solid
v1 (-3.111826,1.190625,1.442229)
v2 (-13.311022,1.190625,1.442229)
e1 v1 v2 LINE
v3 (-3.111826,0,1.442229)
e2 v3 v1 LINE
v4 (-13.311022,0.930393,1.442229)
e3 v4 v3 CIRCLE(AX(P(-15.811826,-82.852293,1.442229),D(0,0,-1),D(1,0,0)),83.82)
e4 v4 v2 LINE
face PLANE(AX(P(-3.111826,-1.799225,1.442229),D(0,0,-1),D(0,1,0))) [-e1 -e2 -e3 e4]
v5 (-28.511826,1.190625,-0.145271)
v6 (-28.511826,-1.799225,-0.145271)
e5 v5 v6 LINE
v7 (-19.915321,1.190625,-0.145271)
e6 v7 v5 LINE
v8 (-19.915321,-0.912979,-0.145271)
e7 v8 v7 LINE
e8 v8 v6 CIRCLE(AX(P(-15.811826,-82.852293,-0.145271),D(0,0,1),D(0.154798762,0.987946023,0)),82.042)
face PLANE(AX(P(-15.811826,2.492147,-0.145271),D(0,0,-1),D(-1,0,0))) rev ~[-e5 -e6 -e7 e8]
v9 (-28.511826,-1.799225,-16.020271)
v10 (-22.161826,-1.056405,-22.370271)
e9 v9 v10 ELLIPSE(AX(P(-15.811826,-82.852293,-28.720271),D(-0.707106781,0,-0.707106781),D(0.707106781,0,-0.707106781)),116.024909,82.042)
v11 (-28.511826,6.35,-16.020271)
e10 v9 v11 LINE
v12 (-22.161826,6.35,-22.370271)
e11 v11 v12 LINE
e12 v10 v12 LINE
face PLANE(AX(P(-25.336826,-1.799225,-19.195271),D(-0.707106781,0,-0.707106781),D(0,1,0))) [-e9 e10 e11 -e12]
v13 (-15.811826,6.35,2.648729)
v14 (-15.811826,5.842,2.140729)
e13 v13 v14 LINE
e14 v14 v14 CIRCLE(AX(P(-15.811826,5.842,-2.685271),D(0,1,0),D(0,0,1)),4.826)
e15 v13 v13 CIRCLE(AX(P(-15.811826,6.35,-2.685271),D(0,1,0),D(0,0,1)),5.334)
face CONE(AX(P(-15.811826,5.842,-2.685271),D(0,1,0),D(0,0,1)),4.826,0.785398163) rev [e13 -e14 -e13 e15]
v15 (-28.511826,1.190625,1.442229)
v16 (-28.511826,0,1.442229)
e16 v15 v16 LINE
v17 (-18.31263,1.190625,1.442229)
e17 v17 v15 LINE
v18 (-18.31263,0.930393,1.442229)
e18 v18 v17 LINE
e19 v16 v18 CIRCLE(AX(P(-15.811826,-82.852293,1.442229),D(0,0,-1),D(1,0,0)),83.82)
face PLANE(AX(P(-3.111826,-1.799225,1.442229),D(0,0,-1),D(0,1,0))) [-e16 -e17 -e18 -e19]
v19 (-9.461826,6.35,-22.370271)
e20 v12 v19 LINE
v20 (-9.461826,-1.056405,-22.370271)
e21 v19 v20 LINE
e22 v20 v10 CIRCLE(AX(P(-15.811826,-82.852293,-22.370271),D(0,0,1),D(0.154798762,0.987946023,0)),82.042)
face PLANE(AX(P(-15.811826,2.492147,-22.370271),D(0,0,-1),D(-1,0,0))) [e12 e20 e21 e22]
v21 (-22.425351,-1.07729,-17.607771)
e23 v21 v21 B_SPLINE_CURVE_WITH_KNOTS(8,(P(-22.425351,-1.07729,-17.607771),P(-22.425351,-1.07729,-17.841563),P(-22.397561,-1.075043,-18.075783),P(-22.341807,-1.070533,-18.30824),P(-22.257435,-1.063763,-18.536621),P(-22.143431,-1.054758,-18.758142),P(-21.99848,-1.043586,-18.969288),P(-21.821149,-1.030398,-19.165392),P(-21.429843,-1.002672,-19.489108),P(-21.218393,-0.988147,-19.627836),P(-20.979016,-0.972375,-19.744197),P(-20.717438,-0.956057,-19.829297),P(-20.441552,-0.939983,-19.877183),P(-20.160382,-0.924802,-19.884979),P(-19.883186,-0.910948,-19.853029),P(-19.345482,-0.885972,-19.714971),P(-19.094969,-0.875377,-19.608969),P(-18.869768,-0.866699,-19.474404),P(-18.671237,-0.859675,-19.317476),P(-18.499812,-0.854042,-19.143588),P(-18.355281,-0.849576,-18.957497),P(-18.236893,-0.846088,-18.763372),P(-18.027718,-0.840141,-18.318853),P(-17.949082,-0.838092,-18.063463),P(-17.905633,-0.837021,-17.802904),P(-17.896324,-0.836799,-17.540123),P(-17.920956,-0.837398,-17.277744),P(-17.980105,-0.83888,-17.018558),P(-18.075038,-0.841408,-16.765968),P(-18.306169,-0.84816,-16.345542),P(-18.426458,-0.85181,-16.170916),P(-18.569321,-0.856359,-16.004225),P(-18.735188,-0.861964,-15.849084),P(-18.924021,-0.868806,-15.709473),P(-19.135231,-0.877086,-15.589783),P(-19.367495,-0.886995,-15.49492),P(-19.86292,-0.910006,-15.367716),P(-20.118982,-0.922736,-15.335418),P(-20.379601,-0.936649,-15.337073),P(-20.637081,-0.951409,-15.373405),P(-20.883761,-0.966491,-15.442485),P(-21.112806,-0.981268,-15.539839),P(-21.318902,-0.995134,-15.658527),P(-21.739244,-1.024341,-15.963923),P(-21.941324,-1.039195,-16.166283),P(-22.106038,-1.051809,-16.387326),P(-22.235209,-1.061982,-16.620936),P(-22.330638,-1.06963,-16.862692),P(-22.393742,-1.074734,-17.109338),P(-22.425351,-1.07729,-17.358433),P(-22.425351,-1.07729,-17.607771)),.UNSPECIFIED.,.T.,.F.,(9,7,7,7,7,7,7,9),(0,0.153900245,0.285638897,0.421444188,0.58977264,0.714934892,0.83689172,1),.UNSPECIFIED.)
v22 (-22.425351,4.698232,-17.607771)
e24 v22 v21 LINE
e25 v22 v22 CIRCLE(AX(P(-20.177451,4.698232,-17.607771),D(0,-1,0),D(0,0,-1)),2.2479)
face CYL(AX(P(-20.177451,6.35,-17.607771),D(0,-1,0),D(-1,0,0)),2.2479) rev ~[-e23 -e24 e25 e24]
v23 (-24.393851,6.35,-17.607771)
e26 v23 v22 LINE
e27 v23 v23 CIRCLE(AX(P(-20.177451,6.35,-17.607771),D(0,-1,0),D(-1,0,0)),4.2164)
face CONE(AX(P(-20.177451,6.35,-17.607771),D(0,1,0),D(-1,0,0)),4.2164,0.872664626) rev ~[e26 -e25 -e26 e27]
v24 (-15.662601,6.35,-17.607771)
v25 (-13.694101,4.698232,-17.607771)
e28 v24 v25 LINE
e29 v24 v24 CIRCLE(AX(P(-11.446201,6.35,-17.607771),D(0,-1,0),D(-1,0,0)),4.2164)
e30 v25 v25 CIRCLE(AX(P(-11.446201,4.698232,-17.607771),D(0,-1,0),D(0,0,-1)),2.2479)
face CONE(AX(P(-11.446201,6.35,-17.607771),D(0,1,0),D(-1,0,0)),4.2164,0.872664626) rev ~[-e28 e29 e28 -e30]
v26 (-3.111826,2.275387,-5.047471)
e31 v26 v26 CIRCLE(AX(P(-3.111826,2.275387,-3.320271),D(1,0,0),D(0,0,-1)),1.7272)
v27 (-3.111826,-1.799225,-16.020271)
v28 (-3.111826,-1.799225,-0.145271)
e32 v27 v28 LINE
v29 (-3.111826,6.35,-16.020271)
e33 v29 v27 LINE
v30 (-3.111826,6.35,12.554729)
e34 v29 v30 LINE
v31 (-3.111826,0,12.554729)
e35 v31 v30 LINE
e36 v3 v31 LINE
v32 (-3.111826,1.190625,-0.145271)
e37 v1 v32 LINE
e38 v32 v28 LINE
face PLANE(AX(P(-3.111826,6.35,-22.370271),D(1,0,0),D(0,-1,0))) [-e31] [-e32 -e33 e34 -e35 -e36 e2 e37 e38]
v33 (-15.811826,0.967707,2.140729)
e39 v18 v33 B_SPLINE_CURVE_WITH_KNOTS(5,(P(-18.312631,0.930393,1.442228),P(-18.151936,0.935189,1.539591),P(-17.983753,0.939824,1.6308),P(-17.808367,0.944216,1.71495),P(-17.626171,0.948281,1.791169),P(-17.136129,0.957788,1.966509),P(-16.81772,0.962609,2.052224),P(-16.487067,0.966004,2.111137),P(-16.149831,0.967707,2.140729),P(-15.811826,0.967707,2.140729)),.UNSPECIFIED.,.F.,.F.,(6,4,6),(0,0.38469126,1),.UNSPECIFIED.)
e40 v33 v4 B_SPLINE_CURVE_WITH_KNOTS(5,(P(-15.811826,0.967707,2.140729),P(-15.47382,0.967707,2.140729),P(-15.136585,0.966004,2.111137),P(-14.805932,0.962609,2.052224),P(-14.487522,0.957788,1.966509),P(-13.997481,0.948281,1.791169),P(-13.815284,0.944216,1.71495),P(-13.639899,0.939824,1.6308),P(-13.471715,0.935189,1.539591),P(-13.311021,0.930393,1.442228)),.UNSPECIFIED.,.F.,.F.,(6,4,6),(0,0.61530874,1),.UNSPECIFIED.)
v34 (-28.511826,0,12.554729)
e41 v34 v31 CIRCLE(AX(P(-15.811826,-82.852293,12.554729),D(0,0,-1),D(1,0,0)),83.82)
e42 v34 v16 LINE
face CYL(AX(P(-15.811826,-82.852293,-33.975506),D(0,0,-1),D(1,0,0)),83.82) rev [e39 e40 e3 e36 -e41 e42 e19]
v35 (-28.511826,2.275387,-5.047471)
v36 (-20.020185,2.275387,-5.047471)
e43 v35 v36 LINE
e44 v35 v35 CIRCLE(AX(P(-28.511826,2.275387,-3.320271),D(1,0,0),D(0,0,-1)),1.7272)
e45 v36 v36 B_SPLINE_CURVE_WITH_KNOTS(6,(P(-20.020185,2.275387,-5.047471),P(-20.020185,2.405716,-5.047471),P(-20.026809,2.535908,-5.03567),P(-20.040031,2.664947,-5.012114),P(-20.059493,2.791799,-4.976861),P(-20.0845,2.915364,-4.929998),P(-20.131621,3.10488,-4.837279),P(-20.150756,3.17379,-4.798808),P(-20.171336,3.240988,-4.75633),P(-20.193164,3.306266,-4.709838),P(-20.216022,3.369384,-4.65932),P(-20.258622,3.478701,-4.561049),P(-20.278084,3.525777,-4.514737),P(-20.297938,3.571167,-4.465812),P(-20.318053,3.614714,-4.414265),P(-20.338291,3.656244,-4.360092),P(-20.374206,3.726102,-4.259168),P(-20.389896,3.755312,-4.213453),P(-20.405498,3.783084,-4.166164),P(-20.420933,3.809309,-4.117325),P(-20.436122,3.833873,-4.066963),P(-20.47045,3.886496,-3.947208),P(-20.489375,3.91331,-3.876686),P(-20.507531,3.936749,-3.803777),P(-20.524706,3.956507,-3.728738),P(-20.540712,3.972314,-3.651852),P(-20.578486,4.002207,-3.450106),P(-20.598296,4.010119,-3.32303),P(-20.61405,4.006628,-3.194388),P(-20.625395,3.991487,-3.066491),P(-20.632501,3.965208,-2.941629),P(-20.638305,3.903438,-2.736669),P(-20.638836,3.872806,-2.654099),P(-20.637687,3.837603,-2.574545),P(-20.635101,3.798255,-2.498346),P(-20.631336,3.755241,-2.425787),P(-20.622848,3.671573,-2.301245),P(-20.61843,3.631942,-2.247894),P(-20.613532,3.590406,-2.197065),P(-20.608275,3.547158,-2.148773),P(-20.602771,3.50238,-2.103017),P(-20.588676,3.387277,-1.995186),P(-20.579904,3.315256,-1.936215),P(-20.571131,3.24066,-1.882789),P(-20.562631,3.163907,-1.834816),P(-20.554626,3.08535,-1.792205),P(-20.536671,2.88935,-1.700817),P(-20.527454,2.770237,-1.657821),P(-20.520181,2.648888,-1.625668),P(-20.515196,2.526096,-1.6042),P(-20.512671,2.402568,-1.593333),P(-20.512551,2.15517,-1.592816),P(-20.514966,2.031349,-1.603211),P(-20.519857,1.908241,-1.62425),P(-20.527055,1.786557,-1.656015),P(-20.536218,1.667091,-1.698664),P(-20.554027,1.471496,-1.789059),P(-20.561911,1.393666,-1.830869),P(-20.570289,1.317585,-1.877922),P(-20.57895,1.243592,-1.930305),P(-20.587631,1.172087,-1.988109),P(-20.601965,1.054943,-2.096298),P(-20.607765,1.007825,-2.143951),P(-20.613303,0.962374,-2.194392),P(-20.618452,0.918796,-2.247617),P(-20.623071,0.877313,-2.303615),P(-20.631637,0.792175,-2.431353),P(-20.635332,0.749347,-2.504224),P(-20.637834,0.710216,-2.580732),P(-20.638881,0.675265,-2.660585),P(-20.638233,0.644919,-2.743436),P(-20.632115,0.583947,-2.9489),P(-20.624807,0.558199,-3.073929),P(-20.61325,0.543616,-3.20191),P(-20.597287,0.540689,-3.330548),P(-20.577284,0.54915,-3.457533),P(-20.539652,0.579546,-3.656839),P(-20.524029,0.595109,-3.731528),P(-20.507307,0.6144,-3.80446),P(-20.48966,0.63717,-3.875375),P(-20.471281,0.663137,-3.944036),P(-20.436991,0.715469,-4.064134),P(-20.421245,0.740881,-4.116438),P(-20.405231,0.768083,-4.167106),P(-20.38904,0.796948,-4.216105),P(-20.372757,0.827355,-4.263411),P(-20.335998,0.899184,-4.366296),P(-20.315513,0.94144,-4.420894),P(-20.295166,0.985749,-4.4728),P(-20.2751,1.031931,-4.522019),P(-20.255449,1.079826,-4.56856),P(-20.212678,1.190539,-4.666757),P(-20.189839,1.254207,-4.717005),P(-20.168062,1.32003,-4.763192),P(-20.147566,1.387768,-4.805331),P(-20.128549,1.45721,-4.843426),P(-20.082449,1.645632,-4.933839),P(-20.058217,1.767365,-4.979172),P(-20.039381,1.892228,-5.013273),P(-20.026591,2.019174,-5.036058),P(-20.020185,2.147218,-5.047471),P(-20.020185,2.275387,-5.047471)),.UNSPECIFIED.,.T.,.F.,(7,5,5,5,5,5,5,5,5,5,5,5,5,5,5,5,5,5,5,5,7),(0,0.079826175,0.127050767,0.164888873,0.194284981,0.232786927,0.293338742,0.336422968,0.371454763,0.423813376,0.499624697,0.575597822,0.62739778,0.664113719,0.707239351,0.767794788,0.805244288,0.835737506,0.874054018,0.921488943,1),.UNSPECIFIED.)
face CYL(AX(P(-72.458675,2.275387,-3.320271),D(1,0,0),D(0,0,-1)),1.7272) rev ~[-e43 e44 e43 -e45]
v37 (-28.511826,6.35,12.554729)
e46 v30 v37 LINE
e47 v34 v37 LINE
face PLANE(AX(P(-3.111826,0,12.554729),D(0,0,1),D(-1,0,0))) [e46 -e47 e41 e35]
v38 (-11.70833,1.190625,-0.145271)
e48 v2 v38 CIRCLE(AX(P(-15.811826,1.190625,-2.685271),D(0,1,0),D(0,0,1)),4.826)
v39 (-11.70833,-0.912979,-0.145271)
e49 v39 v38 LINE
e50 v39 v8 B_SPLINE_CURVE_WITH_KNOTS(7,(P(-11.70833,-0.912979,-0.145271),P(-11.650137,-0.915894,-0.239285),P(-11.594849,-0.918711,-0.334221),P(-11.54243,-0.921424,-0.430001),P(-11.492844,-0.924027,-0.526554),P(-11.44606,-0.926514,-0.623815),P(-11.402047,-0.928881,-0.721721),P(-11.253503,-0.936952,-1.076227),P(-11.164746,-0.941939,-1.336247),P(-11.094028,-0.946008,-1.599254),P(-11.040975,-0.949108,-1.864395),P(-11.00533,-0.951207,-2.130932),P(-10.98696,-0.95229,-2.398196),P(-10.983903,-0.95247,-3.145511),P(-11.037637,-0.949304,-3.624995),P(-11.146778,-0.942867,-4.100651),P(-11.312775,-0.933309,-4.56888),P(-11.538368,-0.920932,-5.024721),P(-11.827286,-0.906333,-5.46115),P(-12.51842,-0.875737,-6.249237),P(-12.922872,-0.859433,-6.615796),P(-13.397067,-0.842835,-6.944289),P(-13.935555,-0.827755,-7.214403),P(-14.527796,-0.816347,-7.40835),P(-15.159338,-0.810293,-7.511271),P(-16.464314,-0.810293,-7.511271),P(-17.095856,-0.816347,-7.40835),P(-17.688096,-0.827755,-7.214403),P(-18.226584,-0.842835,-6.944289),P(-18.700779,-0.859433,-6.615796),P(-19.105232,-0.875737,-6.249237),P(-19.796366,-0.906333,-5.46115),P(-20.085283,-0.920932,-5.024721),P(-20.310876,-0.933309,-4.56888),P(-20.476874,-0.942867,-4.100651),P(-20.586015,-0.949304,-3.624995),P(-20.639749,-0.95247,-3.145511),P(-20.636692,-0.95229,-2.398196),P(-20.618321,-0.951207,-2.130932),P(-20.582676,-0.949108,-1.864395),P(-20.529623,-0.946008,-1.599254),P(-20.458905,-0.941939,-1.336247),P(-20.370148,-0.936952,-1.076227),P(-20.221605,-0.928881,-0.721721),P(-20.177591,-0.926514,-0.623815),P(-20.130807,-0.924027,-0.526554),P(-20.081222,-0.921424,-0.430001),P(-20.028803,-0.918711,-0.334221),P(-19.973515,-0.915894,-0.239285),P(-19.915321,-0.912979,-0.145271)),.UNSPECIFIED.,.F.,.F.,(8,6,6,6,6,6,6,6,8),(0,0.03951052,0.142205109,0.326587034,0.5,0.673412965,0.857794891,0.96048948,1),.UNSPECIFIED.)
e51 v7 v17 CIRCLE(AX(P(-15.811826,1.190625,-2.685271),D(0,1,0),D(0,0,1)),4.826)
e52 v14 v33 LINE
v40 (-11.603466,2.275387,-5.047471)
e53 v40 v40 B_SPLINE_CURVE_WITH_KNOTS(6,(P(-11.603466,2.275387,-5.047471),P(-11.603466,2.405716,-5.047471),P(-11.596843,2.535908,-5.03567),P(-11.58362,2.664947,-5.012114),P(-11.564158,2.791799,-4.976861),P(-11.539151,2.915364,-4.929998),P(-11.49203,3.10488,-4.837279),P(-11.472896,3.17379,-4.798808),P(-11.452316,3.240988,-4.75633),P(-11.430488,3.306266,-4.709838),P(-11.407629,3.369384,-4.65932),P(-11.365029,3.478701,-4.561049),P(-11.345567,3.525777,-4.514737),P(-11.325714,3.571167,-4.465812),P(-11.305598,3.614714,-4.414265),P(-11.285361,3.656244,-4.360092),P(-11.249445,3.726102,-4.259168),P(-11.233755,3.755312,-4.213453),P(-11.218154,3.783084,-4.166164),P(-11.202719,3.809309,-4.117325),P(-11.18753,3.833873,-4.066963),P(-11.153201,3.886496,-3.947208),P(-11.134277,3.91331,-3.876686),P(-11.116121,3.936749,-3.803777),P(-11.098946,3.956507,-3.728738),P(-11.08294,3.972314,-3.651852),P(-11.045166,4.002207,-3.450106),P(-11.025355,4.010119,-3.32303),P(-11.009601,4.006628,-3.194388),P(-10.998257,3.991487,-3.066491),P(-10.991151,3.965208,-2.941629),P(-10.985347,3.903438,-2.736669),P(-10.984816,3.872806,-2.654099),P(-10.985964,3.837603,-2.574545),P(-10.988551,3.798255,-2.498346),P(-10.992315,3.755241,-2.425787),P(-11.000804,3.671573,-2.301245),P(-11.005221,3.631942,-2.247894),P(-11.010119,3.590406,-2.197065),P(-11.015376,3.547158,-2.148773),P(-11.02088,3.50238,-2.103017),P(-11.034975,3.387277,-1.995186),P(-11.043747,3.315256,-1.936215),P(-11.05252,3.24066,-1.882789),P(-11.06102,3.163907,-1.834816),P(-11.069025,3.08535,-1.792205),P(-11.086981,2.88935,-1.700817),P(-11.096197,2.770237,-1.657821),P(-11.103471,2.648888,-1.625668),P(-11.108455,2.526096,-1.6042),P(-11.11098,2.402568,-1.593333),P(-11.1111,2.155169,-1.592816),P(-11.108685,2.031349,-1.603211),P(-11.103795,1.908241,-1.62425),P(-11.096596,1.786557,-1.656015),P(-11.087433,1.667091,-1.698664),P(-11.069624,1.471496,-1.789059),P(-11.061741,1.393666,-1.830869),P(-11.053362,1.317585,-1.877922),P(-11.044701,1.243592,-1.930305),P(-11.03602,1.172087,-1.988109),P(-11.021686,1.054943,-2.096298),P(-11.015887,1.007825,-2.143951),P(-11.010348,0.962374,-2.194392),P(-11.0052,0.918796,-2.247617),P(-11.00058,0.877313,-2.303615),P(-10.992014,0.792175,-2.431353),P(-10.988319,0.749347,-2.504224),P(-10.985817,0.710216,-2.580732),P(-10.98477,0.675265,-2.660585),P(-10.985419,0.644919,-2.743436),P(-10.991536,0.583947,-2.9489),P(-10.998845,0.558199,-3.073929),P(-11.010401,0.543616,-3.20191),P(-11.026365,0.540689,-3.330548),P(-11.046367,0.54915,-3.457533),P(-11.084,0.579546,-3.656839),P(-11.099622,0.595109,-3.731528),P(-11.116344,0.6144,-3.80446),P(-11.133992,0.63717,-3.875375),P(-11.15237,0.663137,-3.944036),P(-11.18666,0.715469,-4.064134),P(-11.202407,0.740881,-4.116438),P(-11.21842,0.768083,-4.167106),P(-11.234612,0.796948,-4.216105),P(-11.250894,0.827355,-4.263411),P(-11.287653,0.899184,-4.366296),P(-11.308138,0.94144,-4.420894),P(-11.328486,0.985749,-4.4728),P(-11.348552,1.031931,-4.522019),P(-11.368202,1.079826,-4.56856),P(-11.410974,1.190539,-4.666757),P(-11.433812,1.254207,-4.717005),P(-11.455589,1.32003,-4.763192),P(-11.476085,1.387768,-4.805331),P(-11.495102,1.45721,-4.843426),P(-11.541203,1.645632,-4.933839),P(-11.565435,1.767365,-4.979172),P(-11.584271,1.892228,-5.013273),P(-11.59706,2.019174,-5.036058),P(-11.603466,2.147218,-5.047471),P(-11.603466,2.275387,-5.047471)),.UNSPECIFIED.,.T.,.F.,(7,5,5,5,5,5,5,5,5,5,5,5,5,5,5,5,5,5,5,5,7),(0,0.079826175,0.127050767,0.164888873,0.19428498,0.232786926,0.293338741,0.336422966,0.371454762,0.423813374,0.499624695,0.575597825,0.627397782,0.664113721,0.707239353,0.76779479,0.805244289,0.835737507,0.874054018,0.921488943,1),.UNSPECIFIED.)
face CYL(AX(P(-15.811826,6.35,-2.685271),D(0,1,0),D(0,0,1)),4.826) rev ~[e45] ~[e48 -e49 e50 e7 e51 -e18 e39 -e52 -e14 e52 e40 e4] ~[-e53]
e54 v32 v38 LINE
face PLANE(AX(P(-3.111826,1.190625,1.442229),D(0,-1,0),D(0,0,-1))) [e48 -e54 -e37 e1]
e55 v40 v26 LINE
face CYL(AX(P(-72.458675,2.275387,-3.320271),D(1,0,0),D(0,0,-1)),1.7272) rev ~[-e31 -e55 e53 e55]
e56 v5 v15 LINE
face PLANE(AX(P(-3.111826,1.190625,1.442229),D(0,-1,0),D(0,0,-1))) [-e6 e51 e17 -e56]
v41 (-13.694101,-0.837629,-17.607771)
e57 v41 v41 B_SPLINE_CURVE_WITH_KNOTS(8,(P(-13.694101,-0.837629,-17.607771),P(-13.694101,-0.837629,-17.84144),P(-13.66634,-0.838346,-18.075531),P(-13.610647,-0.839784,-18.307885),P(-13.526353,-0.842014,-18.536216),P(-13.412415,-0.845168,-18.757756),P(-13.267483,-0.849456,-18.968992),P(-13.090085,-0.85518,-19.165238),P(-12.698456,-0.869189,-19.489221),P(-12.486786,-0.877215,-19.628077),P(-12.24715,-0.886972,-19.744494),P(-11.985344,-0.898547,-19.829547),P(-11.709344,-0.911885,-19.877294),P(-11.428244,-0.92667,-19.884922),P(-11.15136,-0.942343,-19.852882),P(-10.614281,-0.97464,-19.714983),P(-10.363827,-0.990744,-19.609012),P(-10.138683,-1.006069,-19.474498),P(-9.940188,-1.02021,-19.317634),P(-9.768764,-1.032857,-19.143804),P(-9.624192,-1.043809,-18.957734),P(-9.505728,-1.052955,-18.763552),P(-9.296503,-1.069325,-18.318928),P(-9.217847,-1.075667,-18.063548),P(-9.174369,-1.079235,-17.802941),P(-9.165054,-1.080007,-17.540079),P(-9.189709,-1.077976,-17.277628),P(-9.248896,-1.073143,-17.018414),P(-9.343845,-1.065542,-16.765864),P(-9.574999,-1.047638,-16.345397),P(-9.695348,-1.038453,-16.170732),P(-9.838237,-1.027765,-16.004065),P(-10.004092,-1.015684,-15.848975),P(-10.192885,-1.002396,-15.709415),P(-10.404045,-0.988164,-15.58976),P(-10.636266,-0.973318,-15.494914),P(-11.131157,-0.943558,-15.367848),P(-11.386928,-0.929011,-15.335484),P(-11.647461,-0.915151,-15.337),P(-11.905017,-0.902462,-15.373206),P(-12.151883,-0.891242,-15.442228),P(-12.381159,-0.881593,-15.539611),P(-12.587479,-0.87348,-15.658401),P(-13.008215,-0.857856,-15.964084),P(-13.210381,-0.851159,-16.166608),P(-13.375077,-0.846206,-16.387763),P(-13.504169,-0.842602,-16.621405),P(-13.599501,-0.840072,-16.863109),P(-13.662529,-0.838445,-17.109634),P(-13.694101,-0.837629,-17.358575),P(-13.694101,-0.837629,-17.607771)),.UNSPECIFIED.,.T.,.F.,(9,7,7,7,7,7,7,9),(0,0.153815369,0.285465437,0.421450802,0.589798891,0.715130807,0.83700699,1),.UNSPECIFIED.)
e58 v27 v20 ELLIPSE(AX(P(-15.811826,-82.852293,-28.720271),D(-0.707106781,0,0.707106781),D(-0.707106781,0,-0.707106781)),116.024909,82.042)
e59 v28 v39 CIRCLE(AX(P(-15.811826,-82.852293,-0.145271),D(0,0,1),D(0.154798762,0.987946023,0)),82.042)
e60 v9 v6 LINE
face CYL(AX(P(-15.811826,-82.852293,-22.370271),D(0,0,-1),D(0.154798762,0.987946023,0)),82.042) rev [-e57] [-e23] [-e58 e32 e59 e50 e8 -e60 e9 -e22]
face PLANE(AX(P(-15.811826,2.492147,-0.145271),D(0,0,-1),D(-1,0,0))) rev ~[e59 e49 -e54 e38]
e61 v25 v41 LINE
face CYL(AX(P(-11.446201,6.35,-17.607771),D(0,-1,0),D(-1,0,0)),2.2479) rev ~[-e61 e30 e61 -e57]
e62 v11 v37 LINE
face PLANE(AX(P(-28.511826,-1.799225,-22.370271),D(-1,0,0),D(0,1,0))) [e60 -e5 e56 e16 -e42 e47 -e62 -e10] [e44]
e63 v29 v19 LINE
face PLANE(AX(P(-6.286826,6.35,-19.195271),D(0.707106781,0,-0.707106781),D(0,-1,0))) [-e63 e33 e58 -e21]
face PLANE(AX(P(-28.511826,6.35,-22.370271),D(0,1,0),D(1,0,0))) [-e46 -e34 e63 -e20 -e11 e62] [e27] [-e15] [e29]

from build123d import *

# Parameters (mm, degrees)
BOSS_EXTRUDE1_DEPTH                               = 6.35
CUT_EXTRUDE1_DEPTH                                = 46.530235335
CUT_EXTRUDE1_DEPTH_BACK                           = 46.530235335
SKETCH2_R                                         = 83.82
BOSS_EXTRUDE2_DEPTH                               = 22.225
CHAMFER1_SIZE                                     = 6.35
CSK_FOR_8_FLAT_HEAD_MACHINE_SCREW_100_D           = 4.4958
CSK_FOR_8_FLAT_HEAD_MACHINE_SCREW_100_CSINK_D     = 8.4328
CSK_FOR_8_FLAT_HEAD_MACHINE_SCREW_100_CSINK_ANGLE = 100
SKETCH6_R                                         = 1.524
CUT_EXTRUDE2_DEPTH                                = 38.145162749
SKETCH7_W                                         = 1.5875
SKETCH7_H                                         = 2.989850087
CUT_EXTRUDE3_DEPTH                                = 35.437066375
SKETCH8_R                                         = 4.826
CUT_EXTRUDE4_DEPTH                                = 38.145162749
CHAMFER2_SIZE                                     = 0.508
F_8_32_TAPPED_HOLE1_D                             = 3.4544


with BuildPart() as part:
    # Sketch1 → Boss-Extrude1 (new body)
    with BuildSketch(Plane(origin=(0, 0, 0), x_dir=(1, 0, 0), z_dir=(0, 1, 0))):
        Polygon((-28.511825699, 16.020271113), (-22.161825699, 22.370271113), (-9.461825699, 22.370271113), (-3.111825699, 16.020271113), (-3.111825699, -12.554728887), (-28.511825699, -12.554728887), align=None)
    extrude(amount=BOSS_EXTRUDE1_DEPTH)

    # Sketch2 → Cut-Extrude1 (cut, two sides: drawn at the far end of the back side and taken through both)
    with BuildSketch(Plane.XY.offset(12.554728887).offset(-CUT_EXTRUDE1_DEPTH_BACK)):
        with Locations((-15.811825699, -82.852292666)):
            Circle(SKETCH2_R)
    extrude(amount=CUT_EXTRUDE1_DEPTH + CUT_EXTRUDE1_DEPTH_BACK, mode=Mode.SUBTRACT)

    # Sketch5 → Boss-Extrude2 (add)
    with BuildSketch(Plane(origin=(0, 0, -22.370271113), x_dir=(-1, 0, 0), z_dir=(0, 0, -1))):
        with BuildLine():
            Line((3.111825699, 6.35), (3.111825699, 0))
            Line((3.111825699, 0), (3.111825699, -1.799225087))
            ThreePointArc((3.111825699, -1.799225087), (15.811825699, -0.810292666), (28.511825699, -1.799225087))
            Line((28.511825699, -1.799225087), (28.511825699, 0))
            Line((28.511825699, 0), (28.511825699, 6.35))
            Line((28.511825699, 6.35), (3.111825699, 6.35))
        make_face()
    extrude(amount=-BOSS_EXTRUDE2_DEPTH)

    # Chamfer1
    chamfer1_edges = [part.edges().sort_by_distance(p)[0] for p in [
        (-3.111825699, 2.275387457, -22.370271113),
        (-28.511825699, 2.275387457, -22.370271113),
    ]]
    chamfer(chamfer1_edges, length=CHAMFER1_SIZE)

    # CSK for #8 Flat Head Machine Screw (100)1 (through all)
    with Locations(Plane(origin=(0, 6.35, 0), x_dir=(1, 0, 0), z_dir=(0, 1, 0))):
        with Locations((-20.177450699, 17.607771113), (-11.446200699, 17.607771113)):
            CounterSinkHole(CSK_FOR_8_FLAT_HEAD_MACHINE_SCREW_100_D / 2, CSK_FOR_8_FLAT_HEAD_MACHINE_SCREW_100_CSINK_D / 2, counter_sink_angle=CSK_FOR_8_FLAT_HEAD_MACHINE_SCREW_100_CSINK_ANGLE)

    # Sketch6 → Cut-Extrude2 (cut, through all)
    with BuildSketch(Plane(origin=(0, 6.35, 0), x_dir=(1, 0, 0), z_dir=(0, 1, 0))):
        with Locations(Location((-15.811825699, 2.685271113, 0), (0, 0, 270))):
            Circle(SKETCH6_R)
    extrude(amount=-CUT_EXTRUDE2_DEPTH, mode=Mode.SUBTRACT)

    # Sketch7 → Cut-Extrude3 (cut, through all)
    with BuildSketch(Plane(origin=(-3.111825699, 0, 0), x_dir=(0, 0, -1), z_dir=(1, 0, 0))):
        with Locations((-0.648478887, -0.304300044)):
            Rectangle(SKETCH7_W, SKETCH7_H)
    extrude(amount=-CUT_EXTRUDE3_DEPTH, mode=Mode.SUBTRACT)

    # Sketch8 → Cut-Extrude4 (cut, through all)
    with BuildSketch(Plane(origin=(0, 6.35, 0), x_dir=(1, 0, 0), z_dir=(0, 1, 0))):
        with Locations(Location((-15.811825699, 2.685271113, 0), (0, 0, 270))):
            Circle(SKETCH8_R)
    extrude(amount=-CUT_EXTRUDE4_DEPTH, mode=Mode.SUBTRACT)

    # Chamfer2
    chamfer2_edges = [part.edges().sort_by_distance(p)[0] for p in [
        (-15.811825699, 6.35, -7.511271113),
    ]]
    chamfer(chamfer2_edges, length=CHAMFER2_SIZE)

    # #8-32 Tapped Hole1 (through all)
    with Locations(Plane.ZY.offset(28.511825699)):
        with Locations((-3.320271113, 2.275387457)):
            Hole(F_8_32_TAPPED_HOLE1_D / 2)


solid = part.part
